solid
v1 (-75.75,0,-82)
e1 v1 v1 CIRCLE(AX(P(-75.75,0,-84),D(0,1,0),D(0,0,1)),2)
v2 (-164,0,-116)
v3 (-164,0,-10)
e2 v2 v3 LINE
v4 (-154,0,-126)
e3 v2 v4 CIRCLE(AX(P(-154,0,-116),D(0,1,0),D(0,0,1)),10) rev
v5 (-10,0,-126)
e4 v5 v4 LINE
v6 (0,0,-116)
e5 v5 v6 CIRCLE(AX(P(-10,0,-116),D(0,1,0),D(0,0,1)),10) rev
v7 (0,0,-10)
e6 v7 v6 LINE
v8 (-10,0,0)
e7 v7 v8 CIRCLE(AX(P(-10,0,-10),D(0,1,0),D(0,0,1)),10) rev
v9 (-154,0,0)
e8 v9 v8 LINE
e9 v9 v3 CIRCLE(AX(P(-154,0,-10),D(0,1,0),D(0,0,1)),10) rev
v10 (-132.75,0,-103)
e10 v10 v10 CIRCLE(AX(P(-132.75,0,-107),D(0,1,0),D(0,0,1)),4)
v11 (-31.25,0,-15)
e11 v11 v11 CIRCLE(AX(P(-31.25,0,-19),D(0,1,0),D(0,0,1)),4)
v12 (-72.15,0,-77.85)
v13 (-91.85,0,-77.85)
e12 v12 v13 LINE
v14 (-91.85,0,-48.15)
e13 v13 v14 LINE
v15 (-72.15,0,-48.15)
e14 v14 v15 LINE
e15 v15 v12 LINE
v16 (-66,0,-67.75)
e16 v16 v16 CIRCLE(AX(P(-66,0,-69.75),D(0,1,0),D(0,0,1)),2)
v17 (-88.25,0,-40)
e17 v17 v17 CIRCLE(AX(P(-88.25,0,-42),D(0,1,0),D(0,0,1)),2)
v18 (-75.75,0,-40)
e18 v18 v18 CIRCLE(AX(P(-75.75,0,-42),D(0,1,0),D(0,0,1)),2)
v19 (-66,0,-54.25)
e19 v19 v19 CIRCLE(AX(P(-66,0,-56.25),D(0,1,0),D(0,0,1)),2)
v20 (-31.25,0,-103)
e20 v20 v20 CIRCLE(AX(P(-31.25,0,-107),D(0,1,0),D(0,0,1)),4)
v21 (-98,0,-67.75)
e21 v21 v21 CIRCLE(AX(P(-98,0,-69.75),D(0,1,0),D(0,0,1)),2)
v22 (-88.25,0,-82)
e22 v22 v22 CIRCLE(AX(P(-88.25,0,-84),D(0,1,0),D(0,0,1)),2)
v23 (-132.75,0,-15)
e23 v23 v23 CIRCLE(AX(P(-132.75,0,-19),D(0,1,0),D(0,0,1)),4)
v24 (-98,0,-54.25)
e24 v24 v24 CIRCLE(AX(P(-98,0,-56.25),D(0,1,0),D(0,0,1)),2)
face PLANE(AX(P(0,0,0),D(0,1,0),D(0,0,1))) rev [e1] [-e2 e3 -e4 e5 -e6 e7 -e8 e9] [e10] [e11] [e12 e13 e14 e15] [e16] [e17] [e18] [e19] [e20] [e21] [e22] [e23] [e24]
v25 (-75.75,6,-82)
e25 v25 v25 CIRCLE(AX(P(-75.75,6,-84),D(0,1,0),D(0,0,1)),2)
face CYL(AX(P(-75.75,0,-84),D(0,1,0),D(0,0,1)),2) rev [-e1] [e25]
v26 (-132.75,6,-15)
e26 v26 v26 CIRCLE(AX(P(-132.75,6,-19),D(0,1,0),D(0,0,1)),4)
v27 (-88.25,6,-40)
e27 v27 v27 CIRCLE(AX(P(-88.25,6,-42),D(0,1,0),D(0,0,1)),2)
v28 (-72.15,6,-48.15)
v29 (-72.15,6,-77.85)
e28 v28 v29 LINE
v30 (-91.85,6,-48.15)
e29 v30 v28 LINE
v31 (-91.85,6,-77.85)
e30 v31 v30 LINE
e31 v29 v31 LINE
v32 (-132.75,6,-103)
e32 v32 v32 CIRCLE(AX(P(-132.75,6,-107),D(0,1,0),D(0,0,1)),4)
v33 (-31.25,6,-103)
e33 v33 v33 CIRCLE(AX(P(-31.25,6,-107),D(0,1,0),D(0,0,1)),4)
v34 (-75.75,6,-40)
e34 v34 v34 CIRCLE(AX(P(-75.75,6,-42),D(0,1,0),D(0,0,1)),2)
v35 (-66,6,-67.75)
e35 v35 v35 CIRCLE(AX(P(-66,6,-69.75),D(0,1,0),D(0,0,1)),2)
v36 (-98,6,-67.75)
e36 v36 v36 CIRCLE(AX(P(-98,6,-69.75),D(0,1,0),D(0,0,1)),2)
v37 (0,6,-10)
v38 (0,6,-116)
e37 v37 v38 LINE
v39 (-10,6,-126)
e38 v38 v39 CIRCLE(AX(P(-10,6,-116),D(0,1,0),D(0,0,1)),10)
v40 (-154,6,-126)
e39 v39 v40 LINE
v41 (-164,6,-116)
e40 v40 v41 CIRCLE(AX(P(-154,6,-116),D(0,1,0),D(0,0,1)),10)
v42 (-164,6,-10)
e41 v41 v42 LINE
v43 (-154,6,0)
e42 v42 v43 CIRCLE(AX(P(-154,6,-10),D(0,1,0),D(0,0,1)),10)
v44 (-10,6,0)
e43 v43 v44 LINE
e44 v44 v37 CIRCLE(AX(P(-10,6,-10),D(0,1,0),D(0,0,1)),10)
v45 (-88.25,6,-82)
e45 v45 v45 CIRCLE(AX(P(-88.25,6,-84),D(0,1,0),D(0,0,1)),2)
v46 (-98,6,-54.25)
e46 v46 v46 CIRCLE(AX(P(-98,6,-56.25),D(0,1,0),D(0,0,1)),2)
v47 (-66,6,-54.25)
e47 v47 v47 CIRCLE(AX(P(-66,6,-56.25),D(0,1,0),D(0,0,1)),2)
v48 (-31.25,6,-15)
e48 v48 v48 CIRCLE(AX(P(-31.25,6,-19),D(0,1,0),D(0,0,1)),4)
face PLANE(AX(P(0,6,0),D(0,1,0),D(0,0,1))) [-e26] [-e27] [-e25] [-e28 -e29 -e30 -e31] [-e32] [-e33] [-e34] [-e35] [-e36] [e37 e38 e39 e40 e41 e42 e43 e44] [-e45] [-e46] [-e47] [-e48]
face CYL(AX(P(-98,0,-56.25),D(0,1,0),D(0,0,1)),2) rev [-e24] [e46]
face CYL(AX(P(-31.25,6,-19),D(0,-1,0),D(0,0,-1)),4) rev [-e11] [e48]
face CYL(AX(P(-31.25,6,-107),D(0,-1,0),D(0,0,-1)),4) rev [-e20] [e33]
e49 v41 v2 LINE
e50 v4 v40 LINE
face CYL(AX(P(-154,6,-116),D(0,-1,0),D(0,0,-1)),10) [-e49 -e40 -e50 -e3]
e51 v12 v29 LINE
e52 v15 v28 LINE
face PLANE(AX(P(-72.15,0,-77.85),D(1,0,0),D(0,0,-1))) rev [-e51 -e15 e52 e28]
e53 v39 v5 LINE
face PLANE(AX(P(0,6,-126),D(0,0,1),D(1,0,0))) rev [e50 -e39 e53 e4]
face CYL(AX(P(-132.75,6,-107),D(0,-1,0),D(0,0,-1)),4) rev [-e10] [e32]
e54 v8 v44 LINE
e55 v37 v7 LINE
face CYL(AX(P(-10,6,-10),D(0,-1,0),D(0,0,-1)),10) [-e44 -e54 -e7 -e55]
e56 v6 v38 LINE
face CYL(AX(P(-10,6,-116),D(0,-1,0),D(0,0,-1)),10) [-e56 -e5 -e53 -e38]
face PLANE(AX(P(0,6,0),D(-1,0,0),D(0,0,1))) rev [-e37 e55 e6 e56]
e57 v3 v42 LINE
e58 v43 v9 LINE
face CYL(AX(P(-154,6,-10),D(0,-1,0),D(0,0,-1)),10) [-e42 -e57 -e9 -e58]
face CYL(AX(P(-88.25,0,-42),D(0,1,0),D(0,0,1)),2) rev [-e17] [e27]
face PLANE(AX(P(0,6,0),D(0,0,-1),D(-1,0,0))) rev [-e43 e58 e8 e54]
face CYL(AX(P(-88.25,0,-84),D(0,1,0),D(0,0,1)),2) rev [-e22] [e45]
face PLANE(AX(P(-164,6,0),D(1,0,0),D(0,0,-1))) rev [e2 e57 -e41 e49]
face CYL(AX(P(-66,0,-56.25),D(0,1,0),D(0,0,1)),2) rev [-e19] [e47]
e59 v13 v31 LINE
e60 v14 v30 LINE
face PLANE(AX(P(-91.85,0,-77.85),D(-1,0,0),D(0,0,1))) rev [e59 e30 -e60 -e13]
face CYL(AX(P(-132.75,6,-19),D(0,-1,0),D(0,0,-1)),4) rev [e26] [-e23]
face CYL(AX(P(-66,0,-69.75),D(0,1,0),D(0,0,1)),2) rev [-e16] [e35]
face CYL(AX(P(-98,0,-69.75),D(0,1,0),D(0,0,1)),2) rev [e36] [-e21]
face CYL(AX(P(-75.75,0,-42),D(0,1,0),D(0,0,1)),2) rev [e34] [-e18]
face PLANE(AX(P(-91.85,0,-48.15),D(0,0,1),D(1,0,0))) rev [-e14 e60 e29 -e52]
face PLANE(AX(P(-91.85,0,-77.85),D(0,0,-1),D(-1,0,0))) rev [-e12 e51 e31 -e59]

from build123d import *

# Parameters (mm, degrees)
SKETCH1_W           = 164
SKETCH1_H           = 126
SKETCH1_R           = 4
BOSS_EXTRUDE1_DEPTH = 6
FILLET1_R           = 10
SKETCH2_R           = 2
SKETCH2_W           = 19.7
SKETCH2_H           = 29.7
CUT_EXTRUDE1_DEPTH  = 207.900942482


with BuildPart() as part:
    # Sketch1 → Boss-Extrude1 (new body)
    with BuildSketch(Plane(origin=(0, 0, 0), x_dir=(1, 0, 0), z_dir=(0, 1, 0))):
        with Locations((-82, 63)):
            Rectangle(SKETCH1_W, SKETCH1_H)
        with Locations(Location((-132.75, 107, 0), (0, 0, 270))):
            Circle(SKETCH1_R, mode=Mode.SUBTRACT)
        with Locations(Location((-31.25, 107, 0), (0, 0, 270))):
            Circle(SKETCH1_R, mode=Mode.SUBTRACT)
        with Locations(Location((-132.75, 19, 0), (0, 0, 270))):
            Circle(SKETCH1_R, mode=Mode.SUBTRACT)
        with Locations(Location((-31.25, 19, 0), (0, 0, 270))):
            Circle(SKETCH1_R, mode=Mode.SUBTRACT)
    extrude(amount=BOSS_EXTRUDE1_DEPTH)

    # Fillet1
    fillet1_edges = [part.edges().sort_by_distance(p)[0] for p in [
        (0, 3, 0),
        (-164, 3, 0),
        (-164, 3, -126),
        (0, 3, -126),
    ]]
    fillet(fillet1_edges, radius=FILLET1_R)

    # Sketch2 → Cut-Extrude1 (cut, through all)
    with BuildSketch(Plane(origin=(0, 6, 0), x_dir=(1, 0, 0), z_dir=(0, 1, 0))):
        with Locations(Location((-88.25, 84, 0), (0, 0, 270))):
            Circle(SKETCH2_R)
        with Locations(Location((-75.75, 84, 0), (0, 0, 270))):
            Circle(SKETCH2_R)
        with Locations(Location((-98, 69.75, 0), (0, 0, 270))):
            Circle(SKETCH2_R)
        with Locations(Location((-98, 56.25, 0), (0, 0, 270))):
            Circle(SKETCH2_R)
        with Locations(Location((-88.25, 42, 0), (0, 0, 270))):
            Circle(SKETCH2_R)
        with Locations(Location((-75.75, 42, 0), (0, 0, 270))):
            Circle(SKETCH2_R)
        with Locations(Location((-66, 56.25, 0), (0, 0, 270))):
            Circle(SKETCH2_R)
        with Locations(Location((-66, 69.75, 0), (0, 0, 270))):
            Circle(SKETCH2_R)
        with Locations((-82, 63)):
            Rectangle(SKETCH2_W, SKETCH2_H)
    extrude(amount=-CUT_EXTRUDE1_DEPTH, mode=Mode.SUBTRACT)


solid = part.part
